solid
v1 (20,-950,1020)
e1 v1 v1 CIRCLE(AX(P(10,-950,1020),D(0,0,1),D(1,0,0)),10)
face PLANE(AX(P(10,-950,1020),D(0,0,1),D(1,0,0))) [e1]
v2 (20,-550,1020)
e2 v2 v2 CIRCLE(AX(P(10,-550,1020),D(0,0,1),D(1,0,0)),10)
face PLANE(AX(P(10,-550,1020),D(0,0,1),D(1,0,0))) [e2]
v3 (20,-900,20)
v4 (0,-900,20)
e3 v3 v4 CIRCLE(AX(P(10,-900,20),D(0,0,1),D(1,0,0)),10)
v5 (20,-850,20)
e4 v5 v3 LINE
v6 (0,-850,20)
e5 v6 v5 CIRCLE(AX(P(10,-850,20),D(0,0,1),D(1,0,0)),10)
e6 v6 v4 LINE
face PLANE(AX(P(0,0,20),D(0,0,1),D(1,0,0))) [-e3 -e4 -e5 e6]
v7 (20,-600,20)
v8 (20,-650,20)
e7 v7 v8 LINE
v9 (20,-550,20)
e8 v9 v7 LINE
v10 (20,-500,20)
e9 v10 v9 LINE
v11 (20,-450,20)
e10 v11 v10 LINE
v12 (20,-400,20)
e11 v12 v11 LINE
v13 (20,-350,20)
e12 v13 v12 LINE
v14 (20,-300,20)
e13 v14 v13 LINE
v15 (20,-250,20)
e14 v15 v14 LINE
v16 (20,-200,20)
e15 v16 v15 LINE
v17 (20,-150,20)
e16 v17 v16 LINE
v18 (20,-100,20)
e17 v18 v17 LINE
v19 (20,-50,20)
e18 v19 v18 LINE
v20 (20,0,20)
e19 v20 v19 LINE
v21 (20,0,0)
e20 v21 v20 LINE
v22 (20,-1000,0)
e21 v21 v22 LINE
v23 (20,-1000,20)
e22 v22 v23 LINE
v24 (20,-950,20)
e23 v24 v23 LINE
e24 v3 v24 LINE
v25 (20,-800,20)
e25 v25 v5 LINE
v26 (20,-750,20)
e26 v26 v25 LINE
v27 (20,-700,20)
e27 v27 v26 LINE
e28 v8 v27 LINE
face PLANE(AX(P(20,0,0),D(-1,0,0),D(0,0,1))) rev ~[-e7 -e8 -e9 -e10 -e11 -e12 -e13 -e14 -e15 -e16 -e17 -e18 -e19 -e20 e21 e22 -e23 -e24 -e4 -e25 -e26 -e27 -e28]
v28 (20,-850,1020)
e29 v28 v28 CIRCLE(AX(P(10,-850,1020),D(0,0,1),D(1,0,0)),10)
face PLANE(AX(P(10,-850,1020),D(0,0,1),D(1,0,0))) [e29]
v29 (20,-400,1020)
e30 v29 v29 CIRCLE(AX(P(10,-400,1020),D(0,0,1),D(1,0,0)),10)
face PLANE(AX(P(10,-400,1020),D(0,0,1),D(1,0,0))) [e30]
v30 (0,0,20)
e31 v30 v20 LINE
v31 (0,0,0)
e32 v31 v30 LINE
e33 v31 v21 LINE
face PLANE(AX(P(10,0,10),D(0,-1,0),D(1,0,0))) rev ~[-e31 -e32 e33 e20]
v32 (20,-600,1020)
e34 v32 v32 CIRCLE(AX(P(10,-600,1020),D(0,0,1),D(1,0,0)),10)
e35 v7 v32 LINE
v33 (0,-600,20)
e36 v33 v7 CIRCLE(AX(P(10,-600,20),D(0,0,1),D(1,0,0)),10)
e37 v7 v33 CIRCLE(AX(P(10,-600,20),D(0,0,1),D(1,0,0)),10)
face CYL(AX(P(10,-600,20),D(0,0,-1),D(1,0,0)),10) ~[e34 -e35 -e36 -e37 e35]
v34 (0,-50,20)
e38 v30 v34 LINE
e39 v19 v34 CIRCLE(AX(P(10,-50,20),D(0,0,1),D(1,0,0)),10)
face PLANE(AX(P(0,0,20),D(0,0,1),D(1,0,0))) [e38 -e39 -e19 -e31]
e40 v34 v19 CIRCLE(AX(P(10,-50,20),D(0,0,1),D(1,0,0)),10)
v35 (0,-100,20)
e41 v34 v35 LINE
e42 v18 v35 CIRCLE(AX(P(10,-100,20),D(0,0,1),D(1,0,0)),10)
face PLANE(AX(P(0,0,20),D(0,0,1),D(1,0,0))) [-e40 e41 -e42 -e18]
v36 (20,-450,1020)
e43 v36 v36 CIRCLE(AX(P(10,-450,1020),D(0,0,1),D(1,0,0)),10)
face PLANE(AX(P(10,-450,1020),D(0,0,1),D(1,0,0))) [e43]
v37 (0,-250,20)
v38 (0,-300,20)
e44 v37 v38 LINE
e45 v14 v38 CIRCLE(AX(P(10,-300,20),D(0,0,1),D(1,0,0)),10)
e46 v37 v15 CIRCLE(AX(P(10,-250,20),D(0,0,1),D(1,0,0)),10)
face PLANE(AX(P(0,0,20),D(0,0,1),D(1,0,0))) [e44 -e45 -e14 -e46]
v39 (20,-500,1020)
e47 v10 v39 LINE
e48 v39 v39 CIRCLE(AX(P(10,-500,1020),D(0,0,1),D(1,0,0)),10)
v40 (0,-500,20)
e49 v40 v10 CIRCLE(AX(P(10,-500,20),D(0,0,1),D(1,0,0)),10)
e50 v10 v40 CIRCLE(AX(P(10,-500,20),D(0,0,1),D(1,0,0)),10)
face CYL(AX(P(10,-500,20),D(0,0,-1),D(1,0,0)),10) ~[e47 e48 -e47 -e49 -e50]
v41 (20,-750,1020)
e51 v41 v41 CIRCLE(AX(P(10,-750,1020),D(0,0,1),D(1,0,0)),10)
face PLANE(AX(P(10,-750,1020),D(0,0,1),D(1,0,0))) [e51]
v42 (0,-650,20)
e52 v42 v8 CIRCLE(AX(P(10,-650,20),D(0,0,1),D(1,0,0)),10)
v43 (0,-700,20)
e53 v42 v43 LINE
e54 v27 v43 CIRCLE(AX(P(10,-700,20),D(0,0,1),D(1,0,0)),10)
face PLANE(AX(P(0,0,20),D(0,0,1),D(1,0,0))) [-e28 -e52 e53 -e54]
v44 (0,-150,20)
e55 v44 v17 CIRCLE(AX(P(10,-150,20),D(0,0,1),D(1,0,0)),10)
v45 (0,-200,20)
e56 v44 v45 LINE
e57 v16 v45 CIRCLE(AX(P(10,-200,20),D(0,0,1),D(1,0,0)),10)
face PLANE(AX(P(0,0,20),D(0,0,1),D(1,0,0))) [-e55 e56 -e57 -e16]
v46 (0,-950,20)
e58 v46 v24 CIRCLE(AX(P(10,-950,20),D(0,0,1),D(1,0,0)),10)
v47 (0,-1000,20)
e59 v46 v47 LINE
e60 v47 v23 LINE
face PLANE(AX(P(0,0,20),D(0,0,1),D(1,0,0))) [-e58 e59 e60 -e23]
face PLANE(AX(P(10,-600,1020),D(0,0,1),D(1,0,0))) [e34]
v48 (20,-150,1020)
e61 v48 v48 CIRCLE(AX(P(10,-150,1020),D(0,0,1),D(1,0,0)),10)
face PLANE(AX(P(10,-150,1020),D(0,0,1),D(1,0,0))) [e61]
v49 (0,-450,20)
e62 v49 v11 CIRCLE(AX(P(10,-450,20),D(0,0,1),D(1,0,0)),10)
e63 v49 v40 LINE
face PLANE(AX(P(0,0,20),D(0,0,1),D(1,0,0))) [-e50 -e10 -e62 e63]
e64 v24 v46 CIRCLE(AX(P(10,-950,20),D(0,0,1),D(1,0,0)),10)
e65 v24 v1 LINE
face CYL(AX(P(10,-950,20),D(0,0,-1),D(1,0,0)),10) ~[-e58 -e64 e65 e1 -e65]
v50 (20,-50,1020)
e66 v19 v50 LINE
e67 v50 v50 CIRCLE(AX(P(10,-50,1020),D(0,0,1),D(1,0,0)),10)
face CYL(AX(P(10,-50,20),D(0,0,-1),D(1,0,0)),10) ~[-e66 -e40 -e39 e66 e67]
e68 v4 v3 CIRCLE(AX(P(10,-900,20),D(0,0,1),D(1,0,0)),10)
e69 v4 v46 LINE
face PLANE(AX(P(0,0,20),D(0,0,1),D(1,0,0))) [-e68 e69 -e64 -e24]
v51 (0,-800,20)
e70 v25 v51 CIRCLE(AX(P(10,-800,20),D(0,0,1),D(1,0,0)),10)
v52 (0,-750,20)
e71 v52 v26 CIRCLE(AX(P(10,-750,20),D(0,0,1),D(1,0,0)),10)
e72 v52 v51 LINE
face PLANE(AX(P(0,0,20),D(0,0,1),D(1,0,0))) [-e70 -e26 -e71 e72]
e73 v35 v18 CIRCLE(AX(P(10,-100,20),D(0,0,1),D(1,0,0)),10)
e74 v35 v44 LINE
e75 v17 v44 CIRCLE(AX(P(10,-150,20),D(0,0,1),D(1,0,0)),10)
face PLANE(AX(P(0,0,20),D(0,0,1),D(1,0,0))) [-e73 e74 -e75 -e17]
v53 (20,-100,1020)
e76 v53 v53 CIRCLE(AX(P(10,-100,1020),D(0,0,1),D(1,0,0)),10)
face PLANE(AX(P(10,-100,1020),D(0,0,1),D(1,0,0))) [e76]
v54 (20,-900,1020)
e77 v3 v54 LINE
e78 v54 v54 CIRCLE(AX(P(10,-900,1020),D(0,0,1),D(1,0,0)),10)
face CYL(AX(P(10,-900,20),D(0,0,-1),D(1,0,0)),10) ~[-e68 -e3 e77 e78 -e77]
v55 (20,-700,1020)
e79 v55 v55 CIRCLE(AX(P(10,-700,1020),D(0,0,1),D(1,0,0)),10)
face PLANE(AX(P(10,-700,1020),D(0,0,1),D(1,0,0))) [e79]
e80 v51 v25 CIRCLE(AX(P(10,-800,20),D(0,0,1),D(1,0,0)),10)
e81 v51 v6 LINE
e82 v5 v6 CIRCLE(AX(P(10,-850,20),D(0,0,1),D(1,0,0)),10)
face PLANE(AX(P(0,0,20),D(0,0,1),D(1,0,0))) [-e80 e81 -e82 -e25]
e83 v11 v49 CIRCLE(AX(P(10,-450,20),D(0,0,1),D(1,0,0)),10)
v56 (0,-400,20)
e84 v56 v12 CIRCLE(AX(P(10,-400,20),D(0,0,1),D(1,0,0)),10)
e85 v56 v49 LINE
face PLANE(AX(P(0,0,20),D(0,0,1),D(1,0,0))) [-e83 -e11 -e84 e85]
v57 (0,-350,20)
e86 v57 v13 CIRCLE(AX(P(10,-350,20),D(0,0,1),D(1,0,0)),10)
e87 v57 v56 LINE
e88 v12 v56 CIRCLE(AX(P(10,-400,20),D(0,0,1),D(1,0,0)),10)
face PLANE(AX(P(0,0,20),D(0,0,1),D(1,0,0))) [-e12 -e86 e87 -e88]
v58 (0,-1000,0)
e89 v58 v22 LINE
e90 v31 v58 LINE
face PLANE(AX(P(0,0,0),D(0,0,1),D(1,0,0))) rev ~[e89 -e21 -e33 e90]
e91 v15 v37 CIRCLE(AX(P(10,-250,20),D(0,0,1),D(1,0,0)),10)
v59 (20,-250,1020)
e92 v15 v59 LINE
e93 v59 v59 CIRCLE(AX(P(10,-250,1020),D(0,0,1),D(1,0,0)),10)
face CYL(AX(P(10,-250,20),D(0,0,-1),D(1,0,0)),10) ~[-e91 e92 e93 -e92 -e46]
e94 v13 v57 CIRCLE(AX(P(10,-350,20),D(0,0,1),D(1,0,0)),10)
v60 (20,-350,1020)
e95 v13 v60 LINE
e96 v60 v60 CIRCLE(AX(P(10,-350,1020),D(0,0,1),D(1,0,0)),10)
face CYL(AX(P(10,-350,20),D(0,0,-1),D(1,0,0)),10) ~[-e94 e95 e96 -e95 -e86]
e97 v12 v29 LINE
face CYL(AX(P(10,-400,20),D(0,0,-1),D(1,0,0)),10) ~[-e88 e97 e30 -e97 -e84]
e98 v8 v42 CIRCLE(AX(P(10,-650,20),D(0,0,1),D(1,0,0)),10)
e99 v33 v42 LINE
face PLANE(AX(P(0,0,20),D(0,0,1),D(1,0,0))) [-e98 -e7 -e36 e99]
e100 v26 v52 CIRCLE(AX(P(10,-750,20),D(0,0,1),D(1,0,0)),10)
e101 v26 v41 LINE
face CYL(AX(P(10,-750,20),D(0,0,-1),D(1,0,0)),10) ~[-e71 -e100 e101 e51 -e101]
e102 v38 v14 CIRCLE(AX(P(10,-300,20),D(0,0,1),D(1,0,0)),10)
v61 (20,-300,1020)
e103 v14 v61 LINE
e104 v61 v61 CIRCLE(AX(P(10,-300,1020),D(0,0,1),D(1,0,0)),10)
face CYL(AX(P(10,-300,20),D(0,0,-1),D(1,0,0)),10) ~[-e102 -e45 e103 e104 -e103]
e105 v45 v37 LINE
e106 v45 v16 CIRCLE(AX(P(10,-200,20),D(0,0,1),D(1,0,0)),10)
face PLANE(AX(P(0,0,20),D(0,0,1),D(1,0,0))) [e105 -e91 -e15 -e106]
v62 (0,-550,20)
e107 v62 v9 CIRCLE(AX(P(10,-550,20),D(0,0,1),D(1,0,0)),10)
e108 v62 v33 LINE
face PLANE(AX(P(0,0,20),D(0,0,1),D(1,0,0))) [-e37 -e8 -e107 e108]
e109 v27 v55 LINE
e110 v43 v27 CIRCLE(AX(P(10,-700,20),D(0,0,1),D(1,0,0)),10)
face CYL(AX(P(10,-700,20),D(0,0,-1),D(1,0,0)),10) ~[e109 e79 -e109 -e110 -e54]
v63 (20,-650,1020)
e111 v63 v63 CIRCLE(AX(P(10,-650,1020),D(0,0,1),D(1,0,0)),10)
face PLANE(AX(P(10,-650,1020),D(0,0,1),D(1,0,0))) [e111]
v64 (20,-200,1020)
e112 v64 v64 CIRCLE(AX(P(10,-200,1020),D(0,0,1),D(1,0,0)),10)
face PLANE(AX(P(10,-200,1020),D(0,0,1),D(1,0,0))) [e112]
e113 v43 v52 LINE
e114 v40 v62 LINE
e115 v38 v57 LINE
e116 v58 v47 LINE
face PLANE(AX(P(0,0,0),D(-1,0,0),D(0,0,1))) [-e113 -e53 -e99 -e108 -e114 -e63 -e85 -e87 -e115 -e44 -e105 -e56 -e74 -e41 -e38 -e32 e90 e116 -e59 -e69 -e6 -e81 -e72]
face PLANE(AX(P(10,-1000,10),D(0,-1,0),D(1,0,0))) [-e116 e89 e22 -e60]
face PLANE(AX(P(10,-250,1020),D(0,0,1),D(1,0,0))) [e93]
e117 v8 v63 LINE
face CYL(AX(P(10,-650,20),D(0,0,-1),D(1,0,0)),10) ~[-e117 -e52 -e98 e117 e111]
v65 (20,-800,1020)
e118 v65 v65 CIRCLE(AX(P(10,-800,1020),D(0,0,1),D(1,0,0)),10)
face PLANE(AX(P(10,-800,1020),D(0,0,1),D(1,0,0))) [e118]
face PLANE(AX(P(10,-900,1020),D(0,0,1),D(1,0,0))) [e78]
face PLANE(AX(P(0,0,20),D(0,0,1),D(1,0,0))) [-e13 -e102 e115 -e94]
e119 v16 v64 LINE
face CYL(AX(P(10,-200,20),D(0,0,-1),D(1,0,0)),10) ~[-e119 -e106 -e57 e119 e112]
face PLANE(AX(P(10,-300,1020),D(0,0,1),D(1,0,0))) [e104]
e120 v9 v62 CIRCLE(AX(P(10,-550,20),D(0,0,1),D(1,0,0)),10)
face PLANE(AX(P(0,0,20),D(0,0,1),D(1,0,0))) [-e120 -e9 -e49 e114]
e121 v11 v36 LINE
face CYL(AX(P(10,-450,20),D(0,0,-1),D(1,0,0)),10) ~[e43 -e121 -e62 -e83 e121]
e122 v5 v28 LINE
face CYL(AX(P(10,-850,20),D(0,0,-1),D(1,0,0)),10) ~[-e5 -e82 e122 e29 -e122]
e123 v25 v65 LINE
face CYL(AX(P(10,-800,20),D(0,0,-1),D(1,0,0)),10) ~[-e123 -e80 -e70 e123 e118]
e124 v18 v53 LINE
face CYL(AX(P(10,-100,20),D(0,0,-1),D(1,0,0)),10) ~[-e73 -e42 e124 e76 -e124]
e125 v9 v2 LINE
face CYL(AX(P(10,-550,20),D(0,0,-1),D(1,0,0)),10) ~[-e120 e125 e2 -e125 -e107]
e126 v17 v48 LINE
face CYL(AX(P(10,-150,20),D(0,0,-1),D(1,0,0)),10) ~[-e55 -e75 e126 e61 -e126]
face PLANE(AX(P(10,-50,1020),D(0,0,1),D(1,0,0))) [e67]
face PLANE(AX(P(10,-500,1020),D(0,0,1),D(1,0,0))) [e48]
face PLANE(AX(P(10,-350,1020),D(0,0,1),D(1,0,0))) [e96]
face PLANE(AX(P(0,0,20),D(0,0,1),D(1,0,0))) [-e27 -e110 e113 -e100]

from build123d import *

# Parameters (mm, degrees)
F0_W     = 20
F0_H     = 20
F1_DEPTH = 1000
F2_R     = 10
F3_DEPTH = 1000


with BuildPart() as f1:
    # F0 (on Front) → F1 (new body)
    with BuildSketch(Plane.XZ):
        with Locations((10, 10)):
            Rectangle(F0_W, F0_H)
    extrude(amount=F1_DEPTH)

    # F2 (on face) → F3 (join)
    with BuildSketch(Plane.XY.offset(20)):
        with Locations((10, -50)):
            Circle(F2_R)
        with Locations((10, -100)):
            Circle(F2_R)
        with Locations((10, -150)):
            Circle(F2_R)
        with Locations((10, -200)):
            Circle(F2_R)
        with Locations((10, -250)):
            Circle(F2_R)
        with Locations((10, -300)):
            Circle(F2_R)
        with Locations((10, -350)):
            Circle(F2_R)
        with Locations((10, -400)):
            Circle(F2_R)
        with Locations((10, -450)):
            Circle(F2_R)
        with Locations((10, -500)):
            Circle(F2_R)
        with Locations((10, -550)):
            Circle(F2_R)
        with Locations((10, -600)):
            Circle(F2_R)
        with Locations((10, -650)):
            Circle(F2_R)
        with Locations((10, -700)):
            Circle(F2_R)
        with Locations((10, -750)):
            Circle(F2_R)
        with Locations((10, -800)):
            Circle(F2_R)
        with Locations((10, -850)):
            Circle(F2_R)
        with Locations((10, -900)):
            Circle(F2_R)
        with Locations((10, -950)):
            Circle(F2_R)
    extrude(amount=F3_DEPTH)


solid = f1.part
